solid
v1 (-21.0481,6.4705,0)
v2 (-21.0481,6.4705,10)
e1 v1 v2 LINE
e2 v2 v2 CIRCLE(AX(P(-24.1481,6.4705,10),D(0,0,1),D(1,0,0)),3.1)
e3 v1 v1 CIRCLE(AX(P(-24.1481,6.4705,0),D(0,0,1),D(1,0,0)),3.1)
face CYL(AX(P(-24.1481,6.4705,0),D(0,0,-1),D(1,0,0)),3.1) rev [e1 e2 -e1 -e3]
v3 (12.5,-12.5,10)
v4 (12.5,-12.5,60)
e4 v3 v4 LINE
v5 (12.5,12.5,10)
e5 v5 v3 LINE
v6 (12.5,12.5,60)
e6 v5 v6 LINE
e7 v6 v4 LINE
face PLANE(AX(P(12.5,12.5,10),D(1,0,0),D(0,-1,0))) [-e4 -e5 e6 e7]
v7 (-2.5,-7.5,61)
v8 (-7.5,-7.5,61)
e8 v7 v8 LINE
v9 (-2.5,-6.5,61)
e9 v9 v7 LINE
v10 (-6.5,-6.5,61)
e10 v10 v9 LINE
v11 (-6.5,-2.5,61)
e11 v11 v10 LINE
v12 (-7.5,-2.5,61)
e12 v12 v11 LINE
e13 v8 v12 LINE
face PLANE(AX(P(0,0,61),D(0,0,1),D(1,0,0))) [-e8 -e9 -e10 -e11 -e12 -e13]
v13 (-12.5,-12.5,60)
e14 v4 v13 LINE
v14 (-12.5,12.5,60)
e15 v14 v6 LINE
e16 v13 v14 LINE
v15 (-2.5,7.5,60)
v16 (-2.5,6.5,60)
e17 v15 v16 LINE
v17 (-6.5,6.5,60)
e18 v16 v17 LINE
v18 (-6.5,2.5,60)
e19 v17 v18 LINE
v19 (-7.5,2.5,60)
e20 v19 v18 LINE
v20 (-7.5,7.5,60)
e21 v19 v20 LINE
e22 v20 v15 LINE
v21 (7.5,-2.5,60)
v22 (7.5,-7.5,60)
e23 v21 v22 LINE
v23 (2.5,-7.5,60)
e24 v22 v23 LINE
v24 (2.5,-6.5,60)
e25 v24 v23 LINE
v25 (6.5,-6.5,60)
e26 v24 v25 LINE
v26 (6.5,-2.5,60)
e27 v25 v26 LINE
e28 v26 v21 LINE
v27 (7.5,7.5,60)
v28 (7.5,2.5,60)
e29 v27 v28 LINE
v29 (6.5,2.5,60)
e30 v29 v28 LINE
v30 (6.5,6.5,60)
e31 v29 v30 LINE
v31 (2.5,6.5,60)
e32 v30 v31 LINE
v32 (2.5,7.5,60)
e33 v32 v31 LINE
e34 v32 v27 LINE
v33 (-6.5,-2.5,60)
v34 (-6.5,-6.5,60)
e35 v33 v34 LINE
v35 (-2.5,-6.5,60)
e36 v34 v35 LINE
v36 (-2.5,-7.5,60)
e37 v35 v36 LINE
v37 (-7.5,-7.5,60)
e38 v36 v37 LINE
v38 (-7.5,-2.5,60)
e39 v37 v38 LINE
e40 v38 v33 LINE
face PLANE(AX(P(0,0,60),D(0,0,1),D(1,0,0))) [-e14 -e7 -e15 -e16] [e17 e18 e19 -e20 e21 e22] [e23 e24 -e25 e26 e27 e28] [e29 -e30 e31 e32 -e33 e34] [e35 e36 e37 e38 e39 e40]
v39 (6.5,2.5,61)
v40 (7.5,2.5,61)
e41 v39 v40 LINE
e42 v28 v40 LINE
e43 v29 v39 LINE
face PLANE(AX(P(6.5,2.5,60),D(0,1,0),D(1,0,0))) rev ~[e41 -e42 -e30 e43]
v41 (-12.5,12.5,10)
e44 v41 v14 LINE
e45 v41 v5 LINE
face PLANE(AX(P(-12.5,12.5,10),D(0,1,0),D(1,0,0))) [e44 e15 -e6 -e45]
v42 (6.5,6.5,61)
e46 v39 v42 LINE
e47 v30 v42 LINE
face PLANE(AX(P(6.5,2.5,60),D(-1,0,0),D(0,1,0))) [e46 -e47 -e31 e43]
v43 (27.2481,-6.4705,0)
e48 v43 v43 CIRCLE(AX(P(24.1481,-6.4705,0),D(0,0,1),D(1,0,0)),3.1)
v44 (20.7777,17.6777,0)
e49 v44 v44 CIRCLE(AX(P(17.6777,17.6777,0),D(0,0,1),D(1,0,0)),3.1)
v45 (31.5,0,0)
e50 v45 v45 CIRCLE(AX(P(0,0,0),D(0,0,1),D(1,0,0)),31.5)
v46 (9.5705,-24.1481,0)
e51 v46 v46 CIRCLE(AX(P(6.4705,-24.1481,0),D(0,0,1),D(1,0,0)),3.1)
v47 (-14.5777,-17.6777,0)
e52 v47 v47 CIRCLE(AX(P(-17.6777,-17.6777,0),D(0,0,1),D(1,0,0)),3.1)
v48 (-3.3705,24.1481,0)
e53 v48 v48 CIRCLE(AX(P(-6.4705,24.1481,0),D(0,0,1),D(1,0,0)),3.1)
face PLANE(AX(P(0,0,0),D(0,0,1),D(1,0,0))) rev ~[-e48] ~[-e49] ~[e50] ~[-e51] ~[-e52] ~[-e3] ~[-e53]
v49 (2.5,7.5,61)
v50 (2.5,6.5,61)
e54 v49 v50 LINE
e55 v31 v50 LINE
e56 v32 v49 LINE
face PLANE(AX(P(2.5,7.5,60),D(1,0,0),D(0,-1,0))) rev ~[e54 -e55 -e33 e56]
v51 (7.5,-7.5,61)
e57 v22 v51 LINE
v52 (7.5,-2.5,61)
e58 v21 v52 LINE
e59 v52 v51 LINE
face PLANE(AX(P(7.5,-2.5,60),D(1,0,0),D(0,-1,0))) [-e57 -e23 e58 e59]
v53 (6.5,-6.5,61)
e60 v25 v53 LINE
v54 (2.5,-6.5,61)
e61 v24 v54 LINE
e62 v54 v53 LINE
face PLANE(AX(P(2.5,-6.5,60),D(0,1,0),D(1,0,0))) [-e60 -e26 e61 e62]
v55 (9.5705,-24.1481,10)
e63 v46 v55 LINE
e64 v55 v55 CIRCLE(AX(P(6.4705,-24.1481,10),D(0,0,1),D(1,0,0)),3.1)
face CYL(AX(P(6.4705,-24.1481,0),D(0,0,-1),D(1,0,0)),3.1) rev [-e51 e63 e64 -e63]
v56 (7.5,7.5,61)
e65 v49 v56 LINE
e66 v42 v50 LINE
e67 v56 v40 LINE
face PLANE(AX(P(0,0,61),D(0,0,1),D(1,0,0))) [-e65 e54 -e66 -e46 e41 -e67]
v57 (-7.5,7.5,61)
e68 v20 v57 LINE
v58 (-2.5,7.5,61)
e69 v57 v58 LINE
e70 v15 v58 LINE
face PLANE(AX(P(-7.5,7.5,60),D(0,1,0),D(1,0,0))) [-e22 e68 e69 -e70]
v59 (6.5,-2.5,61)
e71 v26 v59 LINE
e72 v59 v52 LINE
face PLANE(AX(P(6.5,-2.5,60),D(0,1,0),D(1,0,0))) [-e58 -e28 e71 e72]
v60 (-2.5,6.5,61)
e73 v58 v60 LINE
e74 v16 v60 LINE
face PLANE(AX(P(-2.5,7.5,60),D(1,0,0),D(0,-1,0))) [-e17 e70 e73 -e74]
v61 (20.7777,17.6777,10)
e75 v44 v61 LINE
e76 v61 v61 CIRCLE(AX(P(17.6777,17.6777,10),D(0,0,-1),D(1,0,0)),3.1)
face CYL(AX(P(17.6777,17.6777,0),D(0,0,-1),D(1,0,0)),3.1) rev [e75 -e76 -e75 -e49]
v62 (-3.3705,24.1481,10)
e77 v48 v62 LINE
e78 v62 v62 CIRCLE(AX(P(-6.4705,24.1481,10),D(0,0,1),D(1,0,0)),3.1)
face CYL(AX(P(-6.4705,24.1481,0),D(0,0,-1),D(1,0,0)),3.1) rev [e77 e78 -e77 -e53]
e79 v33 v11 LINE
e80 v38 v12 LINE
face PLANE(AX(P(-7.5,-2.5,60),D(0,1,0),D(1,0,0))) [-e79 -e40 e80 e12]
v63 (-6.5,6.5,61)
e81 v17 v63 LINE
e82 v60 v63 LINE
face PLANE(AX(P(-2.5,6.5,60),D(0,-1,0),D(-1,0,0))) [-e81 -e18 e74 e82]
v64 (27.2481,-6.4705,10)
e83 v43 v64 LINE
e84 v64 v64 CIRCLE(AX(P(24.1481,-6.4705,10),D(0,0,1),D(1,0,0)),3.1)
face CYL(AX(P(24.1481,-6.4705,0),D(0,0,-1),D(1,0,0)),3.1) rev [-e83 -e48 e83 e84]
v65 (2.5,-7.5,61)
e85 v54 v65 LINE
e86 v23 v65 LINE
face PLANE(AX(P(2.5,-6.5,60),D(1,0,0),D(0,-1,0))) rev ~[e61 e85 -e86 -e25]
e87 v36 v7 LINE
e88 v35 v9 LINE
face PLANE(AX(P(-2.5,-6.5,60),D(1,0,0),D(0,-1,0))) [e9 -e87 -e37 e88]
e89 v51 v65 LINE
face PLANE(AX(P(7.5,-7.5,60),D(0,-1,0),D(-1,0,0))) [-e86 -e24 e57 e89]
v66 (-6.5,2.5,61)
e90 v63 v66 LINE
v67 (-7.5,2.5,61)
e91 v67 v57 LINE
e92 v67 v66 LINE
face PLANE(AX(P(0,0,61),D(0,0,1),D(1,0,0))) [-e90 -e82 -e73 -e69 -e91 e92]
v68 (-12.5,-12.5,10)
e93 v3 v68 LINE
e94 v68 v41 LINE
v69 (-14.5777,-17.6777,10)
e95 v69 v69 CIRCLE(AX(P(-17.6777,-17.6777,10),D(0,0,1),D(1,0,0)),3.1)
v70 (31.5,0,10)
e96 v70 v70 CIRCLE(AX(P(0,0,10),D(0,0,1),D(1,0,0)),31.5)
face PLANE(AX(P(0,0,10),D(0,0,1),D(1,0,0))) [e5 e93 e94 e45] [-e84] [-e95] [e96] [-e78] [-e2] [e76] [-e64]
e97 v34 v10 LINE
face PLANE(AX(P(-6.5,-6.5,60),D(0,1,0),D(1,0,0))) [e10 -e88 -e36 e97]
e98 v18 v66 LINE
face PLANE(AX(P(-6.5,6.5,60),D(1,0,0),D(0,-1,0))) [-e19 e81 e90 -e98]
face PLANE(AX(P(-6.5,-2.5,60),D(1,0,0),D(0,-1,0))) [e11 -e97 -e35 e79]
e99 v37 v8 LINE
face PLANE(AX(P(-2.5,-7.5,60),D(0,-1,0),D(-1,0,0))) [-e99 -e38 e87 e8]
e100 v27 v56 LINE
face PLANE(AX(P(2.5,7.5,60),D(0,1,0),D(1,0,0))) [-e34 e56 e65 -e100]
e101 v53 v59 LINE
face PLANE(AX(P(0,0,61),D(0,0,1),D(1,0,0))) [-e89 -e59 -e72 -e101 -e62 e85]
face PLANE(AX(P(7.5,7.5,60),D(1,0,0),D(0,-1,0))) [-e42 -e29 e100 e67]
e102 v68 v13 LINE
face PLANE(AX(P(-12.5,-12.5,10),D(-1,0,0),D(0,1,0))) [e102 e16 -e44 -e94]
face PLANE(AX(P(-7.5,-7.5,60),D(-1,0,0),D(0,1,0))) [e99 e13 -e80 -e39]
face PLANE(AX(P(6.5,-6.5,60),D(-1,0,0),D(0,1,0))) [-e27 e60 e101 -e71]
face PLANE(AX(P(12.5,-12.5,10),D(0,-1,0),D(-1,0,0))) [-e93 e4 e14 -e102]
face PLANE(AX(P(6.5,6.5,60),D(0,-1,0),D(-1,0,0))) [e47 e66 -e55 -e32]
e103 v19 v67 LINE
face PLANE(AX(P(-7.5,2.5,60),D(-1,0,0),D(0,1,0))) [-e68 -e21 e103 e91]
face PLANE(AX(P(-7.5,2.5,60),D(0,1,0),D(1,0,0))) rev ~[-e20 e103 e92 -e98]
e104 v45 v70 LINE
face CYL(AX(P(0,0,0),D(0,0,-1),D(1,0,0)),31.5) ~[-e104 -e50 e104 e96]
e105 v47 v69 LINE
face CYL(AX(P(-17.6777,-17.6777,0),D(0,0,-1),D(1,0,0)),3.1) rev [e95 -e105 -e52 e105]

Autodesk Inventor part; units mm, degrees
ref_plane "YZ Plane" through (0, 0, 0) normal (1, 0, 0) x (0, 1, 0)
ref_plane "XZ Plane" through (0, 0, 0) normal (0, 1, 0) x (-1, 0, 0)
ref_plane "XY Plane" through (0, 0, 0) normal (0, 0, 1) x (1, 0, 0)
sketch "Sketch1" plane through (0, 0, 0) normal (0, 0, 1) x (1, 0, 0)
  circle A0 centre (0, 0) radius 31.5
  line L0 (0, 0) -> (17.6777, 17.6777)
  line L1 (0, 0) -> (25, 0) construction
  circle A1 centre (17.6777, 17.6777) radius 3.1
  circle A2 centre (-6.4705, 24.1481) radius 3.1
  circle A3 centre (-24.1481, 6.4705) radius 3.1
  circle A4 centre (-17.6777, -17.6777) radius 3.1
  circle A5 centre (6.4705, -24.1481) radius 3.1
  circle A6 centre (24.1481, -6.4705) radius 3.1
  dimension "d0" = 63
  dimension "d1" = 25
  dimension "d2" = 45
  dimension "d3" = 6.2
  dimension "d6" = 360
extrude "Extrusion1" add sketch "Sketch1" along normal blind 10
sketch "Sketch2" plane through (0, 0, 10) normal (0, 0, 1) x (1, 0, 0)
  line L0 (12.5, -12.5) -> (-12.5, -12.5)
  line L1 (-12.5, -12.5) -> (-12.5, 12.5)
  line L2 (-12.5, 12.5) -> (12.5, 12.5)
  line L3 (12.5, 12.5) -> (12.5, -12.5)
  line L4 (12.5, -12.5) -> (-12.5, 12.5) construction
  line L5 (-12.5, -12.5) -> (12.5, 12.5) construction
  point P0 (0, 0)
  dimension "d10" = 25
  dimension "d11" = 25
extrude "Extrusion2" add sketch "Sketch2" along normal blind 50
sketch "Sketch4" plane through (0, 0, 60) normal (0, 0, 1) x (1, 0, 0)
  line L0 (7.5, -7.5) -> (-7.5, -7.5)
  line L1 (-7.5, -7.5) -> (-7.5, 7.5)
  line L2 (-7.5, 7.5) -> (7.5, 7.5)
  line L3 (7.5, 7.5) -> (7.5, -7.5)
  line L4 (7.5, -7.5) -> (-7.5, 7.5) construction
  line L5 (-7.5, -7.5) -> (7.5, 7.5) construction
  line L6 (6.5, 6.5) -> (-6.5, 6.5)
  line L7 (-6.5, 6.5) -> (-6.5, -6.5)
  line L8 (-6.5, -6.5) -> (6.5, -6.5)
  line L9 (6.5, -6.5) -> (6.5, 6.5)
  line L10 (-9.4383, 2.5) -> (11.9316, 2.5)
  line L11 (-9.4383, -2.5) -> (9.2053, -2.5)
  line L12 (-2.5, 9.4032) -> (-2.5, -10.6036)
  line L13 (2.5, 9.4032) -> (2.5, -9.3606)
  point P0 (0, 0)
  point P1 (2.5, 7.5)
  point P2 (2.5, 6.5)
  point P3 (6.5, 2.5)
  point P4 (7.5, 2.5)
  point P5 (2.5, -6.5)
  point P6 (2.5, -7.5)
  point P7 (7.5, -2.5)
  point P8 (6.5, -2.5)
  point P9 (-2.5, -7.5)
  point P10 (-2.5, -6.5)
  point P11 (-6.5, -2.5)
  point P12 (-7.5, -2.5)
  point P13 (-2.5, 6.5)
  point P14 (-2.5, 7.5)
  point P15 (-7.5, 2.5)
  point P16 (-6.5, 2.5)
  dimension "d27" = 15
  dimension "d28" = 15
  dimension "d29" = 1
  dimension "d30" = 18.7639
  dimension "d31" = 5
  dimension "d32" = 5
  dimension "d33" = 5
  dimension "d34" = 5
extrude "Extrusion4" add sketch "Sketch4" along normal blind 1 contours L0 L13 L8 L9 L11 L3 | L0 L1 L11 L7 L8 L12 | L10 L9 L6 L13 L2 L3 | L1 L2 L12 L6 L7 L10
properties part number "soporte p1"
